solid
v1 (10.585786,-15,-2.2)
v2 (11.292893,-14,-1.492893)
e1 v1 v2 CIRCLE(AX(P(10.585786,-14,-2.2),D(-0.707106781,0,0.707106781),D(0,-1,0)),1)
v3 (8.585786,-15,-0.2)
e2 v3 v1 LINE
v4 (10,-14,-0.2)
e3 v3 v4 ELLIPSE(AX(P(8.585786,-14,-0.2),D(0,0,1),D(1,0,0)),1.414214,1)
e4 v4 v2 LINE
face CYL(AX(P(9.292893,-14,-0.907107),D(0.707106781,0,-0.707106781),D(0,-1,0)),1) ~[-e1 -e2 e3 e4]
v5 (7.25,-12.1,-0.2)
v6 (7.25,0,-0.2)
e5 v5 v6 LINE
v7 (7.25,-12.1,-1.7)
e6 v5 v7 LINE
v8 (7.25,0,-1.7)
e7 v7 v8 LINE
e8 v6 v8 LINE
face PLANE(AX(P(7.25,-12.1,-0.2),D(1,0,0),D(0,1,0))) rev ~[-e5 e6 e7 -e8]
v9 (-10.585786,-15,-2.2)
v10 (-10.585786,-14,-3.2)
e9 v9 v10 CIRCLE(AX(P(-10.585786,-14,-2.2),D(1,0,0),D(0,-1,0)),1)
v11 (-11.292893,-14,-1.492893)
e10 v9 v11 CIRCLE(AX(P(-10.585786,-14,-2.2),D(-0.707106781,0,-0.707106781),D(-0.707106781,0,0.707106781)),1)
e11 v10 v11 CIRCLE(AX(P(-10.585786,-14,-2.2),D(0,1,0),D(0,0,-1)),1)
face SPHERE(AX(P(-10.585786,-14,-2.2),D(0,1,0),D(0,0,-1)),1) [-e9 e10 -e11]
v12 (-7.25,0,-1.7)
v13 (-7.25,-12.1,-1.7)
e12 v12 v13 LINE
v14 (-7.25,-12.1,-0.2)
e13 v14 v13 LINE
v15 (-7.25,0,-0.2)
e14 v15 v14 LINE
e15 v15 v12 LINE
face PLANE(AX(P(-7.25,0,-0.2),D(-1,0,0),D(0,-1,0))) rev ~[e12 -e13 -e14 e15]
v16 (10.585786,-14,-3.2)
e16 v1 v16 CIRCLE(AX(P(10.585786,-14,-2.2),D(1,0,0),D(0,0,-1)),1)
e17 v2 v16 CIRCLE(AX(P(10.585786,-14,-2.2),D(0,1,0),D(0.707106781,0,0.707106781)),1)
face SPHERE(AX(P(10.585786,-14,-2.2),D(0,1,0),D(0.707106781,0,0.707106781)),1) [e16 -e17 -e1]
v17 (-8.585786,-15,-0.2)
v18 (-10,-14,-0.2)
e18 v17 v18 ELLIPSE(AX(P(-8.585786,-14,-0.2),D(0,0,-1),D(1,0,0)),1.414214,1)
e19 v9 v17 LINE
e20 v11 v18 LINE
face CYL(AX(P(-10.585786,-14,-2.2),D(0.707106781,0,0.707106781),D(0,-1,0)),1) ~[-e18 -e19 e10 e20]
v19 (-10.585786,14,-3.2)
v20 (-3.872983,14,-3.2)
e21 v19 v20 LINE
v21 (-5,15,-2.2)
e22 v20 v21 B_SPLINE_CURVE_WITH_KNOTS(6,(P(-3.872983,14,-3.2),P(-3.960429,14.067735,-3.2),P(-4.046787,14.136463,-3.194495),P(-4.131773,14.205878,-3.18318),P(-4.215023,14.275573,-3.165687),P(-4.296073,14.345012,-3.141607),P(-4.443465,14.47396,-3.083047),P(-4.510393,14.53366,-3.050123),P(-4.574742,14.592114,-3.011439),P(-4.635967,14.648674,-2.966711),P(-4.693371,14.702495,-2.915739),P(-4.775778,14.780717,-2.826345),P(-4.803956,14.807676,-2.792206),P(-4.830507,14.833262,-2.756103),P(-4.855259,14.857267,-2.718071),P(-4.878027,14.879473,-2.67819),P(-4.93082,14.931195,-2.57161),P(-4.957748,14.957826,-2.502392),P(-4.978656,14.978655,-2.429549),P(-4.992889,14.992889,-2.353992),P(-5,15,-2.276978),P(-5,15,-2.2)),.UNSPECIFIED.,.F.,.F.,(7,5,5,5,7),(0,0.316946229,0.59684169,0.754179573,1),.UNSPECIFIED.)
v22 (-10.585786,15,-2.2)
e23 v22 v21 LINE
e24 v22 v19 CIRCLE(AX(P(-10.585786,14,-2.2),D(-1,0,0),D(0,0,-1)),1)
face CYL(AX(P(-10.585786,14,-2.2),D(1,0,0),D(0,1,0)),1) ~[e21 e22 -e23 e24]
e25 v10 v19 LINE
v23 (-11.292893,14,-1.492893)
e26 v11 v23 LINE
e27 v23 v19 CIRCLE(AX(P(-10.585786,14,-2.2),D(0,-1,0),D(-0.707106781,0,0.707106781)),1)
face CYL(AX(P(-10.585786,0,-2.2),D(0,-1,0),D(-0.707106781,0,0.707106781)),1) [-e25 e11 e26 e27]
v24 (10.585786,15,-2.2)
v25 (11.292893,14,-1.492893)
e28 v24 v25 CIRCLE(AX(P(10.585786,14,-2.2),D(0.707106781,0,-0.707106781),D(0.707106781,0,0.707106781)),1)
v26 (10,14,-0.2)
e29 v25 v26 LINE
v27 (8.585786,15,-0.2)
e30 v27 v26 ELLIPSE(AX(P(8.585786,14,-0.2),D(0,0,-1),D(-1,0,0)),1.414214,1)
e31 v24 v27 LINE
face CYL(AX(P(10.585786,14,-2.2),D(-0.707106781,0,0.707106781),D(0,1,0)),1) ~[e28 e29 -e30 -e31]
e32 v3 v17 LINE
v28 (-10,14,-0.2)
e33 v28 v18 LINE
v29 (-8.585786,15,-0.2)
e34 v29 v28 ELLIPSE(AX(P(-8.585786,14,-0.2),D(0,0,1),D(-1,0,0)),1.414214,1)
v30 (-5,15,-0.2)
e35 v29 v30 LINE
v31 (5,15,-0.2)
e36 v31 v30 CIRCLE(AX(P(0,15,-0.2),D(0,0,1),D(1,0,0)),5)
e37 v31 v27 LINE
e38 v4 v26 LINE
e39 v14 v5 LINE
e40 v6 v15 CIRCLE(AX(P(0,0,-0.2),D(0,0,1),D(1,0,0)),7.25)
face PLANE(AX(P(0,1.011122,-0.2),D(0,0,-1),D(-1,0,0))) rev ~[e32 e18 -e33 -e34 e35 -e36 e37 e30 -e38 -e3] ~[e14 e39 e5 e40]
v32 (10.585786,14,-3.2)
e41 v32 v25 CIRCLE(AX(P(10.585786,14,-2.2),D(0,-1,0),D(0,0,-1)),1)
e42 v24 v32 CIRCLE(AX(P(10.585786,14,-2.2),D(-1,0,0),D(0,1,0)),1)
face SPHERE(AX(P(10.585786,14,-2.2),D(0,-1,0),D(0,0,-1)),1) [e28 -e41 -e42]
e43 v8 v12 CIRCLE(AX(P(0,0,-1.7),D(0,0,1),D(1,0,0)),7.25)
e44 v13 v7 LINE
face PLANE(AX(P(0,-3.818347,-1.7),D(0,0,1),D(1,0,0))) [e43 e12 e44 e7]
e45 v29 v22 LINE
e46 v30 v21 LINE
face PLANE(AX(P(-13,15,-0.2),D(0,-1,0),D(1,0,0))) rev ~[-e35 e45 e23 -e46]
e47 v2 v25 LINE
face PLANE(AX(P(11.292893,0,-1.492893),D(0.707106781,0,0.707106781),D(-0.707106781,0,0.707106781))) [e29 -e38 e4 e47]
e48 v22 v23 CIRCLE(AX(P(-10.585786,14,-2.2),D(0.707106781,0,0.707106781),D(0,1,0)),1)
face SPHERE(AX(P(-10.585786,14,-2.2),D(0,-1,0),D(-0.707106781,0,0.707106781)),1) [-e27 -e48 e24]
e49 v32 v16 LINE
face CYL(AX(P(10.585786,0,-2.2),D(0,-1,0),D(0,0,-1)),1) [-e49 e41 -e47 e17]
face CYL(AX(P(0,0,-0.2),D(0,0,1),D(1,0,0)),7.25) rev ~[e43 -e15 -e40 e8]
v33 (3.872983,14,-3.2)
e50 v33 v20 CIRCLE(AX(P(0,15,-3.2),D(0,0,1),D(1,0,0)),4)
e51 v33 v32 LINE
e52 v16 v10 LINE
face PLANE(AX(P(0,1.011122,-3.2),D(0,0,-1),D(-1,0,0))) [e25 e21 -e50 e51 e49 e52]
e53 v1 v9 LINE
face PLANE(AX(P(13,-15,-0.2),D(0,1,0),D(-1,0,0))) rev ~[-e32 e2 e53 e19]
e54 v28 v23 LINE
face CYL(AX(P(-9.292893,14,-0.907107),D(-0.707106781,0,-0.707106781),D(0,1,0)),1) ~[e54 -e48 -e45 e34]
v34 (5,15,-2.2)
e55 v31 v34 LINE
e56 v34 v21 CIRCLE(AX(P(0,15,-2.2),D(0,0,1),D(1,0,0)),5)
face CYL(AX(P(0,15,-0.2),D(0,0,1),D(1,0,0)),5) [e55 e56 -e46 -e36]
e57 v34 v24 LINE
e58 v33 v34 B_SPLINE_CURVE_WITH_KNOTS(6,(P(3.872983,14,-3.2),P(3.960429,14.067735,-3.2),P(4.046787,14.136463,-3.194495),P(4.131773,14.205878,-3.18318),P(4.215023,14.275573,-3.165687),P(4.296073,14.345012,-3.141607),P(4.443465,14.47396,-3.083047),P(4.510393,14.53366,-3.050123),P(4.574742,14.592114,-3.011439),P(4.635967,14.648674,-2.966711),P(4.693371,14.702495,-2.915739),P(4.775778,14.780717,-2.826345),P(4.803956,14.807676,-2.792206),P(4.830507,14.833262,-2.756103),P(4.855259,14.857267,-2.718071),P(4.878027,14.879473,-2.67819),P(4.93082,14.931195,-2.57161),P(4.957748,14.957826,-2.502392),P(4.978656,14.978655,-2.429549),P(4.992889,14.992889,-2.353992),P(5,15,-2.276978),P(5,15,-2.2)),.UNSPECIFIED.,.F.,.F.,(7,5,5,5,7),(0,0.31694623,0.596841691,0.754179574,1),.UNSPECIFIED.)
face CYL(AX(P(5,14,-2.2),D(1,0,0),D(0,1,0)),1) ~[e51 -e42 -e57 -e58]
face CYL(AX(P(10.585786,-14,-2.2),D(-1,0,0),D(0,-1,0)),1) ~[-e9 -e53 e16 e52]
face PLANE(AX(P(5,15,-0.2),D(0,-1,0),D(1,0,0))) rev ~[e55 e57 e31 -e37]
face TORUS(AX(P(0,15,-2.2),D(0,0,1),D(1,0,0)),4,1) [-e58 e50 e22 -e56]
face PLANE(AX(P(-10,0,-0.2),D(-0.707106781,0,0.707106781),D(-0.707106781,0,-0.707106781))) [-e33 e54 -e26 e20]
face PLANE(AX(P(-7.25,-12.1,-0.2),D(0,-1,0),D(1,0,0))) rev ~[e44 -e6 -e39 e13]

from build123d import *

# Parameters (mm, degrees)
PAD025_DEPTH         = 3
POCKET010_DEPTH      = 1.5
SKETCH059_W          = 32.687891
SKETCH059_H          = 10.975497
POCKET015_DEPTH      = 20.001
POCKET015_DEPTH_BACK = 15.001
FILLET006_R          = 1


with BuildPart() as part:
    # Sketch049 → Pad025 (new body)
    with BuildSketch(Plane.XY):
        with BuildLine():
            Line((-13, 15), (-5, 15))
            ThreePointArc((5, 15), (0, 20), (-5, 15))
            Line((5, 15), (13, 15))
            Line((13, 15), (13, -15))
            Line((13, -15), (-13, -15))
            Line((-13, -15), (-13, 15))
        make_face()
    extrude(amount=-PAD025_DEPTH)

    # Sketch050 → Pocket010 (cut)
    with BuildSketch(Plane.XY):
        with BuildLine():
            ThreePointArc((7.25, 0), (0, 7.25), (-7.25, 0))
            Line((-7.25, 0), (-7.25, -12.1))
            Line((-7.25, -12.1), (7.25, -12.1))
            Line((7.25, -12.1), (7.25, 0))
        make_face()
    extrude(amount=-POCKET010_DEPTH, mode=Mode.SUBTRACT)

    # Sketch059 → Pocket015 (cut, two sides)
    with BuildSketch(Plane.XZ) as pocket015_sk:
        with Locations((-0.0886585, -1.0893715)):
            Rectangle(SKETCH059_W, SKETCH059_H)
        with BuildLine():
            Line((10, 0), (-10, 0))
            Line((-10, 0), (-11.2928932188, -1.2928932188))
            ThreePointArc((-11.2928932188, -1.2928932188), (-11.5096659701, -2.3826834324), (-10.5857864376, -3))
            Line((-10.5857864376, -3), (10.5857864376, -3))
            ThreePointArc((10.5857864376, -3), (11.5096659701, -2.3826834324), (11.2928932188, -1.2928932188))
            Line((11.2928932188, -1.2928932188), (10, 0))
        make_face(mode=Mode.SUBTRACT)
    extrude(amount=-POCKET015_DEPTH, mode=Mode.SUBTRACT)
    extrude(pocket015_sk.sketch, amount=POCKET015_DEPTH_BACK, mode=Mode.SUBTRACT)

    # Fillet006
    fillet006_edges = [part.edges().sort_by_distance(p)[0] for p in [
        (0, -15, -3),
        (0, 20, -3),
        (7.792893, 15, -3),
        (-7.792893, 15, -3),
    ]]
    fillet(fillet006_edges, radius=FILLET006_R)


with BuildPart() as part_1:
    # Body017 placement: moved
    add(part.part.moved(Location((0, 0, -0.2))))


solid = part_1.part
